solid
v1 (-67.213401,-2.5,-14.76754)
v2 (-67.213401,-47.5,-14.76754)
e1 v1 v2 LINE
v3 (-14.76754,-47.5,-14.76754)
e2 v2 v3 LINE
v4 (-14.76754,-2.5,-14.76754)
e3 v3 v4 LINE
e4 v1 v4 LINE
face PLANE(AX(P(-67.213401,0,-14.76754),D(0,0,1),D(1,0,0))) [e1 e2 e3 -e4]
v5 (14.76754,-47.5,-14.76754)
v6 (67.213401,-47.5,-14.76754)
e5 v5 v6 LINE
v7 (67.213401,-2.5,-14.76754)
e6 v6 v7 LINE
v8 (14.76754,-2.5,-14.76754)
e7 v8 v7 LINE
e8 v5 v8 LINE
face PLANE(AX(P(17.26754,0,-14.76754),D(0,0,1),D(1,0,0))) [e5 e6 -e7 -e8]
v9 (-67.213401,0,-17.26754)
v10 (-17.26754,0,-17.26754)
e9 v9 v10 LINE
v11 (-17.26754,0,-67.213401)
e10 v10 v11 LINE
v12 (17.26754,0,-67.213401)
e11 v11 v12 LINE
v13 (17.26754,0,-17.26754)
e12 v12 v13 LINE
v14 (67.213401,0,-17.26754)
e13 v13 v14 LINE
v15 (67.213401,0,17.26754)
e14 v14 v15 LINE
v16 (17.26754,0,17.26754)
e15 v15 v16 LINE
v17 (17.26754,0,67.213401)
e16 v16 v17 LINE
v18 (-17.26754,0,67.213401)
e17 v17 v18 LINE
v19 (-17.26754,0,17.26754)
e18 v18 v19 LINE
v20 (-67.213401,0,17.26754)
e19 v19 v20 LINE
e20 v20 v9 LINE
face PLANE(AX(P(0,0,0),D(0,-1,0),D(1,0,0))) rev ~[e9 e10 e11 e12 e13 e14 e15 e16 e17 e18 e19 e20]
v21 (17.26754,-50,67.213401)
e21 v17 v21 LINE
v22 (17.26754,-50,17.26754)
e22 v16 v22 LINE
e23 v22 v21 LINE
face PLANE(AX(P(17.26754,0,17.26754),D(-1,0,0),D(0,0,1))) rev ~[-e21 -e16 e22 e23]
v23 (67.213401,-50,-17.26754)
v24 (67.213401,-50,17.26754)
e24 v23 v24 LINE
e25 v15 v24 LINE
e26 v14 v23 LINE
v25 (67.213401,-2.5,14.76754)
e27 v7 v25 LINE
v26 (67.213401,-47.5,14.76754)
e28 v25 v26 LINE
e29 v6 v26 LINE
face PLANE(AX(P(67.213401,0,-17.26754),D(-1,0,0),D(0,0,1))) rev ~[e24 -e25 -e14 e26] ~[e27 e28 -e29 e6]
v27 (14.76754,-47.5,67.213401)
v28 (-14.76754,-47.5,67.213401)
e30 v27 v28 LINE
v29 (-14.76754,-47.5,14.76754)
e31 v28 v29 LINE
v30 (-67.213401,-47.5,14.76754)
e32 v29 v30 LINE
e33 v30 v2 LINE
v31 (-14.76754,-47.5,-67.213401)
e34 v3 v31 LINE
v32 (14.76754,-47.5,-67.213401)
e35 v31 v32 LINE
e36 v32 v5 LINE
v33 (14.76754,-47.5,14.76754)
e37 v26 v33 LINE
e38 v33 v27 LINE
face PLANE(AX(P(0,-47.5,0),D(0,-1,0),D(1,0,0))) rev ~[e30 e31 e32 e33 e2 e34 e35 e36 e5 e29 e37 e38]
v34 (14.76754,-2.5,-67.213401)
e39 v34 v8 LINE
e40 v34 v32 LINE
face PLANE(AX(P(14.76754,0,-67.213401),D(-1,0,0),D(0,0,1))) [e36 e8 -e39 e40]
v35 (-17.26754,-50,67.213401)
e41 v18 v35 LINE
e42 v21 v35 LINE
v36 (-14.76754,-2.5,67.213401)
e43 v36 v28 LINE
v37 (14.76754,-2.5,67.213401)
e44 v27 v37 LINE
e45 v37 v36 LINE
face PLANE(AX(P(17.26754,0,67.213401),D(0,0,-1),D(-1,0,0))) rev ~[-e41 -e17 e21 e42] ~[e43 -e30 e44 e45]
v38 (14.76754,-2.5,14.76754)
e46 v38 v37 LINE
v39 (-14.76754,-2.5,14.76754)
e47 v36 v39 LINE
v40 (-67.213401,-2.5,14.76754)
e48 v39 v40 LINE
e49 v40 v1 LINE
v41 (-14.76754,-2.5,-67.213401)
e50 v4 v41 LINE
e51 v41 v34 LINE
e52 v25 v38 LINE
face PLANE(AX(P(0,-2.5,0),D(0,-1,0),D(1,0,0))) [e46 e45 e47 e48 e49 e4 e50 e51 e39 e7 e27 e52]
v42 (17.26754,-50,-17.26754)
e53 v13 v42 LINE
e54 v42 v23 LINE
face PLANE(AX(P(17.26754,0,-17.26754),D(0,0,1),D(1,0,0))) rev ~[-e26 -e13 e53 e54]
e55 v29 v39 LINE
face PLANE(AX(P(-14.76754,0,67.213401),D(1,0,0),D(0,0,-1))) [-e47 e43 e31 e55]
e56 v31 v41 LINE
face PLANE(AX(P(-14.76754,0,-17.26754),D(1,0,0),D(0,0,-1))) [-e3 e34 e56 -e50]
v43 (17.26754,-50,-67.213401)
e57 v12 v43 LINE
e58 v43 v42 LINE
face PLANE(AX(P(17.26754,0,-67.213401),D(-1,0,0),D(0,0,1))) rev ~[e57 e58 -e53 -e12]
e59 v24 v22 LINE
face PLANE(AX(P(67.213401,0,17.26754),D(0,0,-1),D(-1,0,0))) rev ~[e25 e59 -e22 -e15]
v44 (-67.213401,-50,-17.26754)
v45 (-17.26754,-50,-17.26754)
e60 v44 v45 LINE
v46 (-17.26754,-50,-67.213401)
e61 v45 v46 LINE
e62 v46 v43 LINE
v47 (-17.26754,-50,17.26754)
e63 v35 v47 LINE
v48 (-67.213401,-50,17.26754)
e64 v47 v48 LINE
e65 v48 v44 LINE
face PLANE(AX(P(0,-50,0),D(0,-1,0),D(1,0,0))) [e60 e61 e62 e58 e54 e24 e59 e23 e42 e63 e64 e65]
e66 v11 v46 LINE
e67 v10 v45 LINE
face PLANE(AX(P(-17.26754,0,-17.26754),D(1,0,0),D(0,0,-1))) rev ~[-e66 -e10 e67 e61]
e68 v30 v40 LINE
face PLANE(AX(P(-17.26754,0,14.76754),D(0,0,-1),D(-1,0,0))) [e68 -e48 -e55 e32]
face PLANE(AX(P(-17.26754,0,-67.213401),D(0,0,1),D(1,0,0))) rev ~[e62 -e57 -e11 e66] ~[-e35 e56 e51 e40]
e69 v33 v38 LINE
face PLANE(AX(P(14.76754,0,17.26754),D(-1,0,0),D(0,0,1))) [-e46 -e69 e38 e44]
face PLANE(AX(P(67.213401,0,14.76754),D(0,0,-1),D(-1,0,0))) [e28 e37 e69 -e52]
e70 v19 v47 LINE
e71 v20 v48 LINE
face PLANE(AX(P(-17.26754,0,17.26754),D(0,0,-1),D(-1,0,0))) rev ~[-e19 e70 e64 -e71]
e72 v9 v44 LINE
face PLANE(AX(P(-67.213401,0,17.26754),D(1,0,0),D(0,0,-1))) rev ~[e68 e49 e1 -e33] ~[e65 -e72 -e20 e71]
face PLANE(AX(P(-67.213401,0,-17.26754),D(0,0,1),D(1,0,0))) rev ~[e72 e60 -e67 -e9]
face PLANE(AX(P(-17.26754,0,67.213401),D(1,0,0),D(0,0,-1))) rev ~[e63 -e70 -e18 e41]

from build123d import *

# Parameters (mm, degrees)
F1_DEPTH = 50
F2_T     = -2.5


with BuildPart() as f1:
    # F0 (on Front) → F1 (new body)
    with BuildSketch(Plane.XZ):
        Polygon((17.2675400972, 67.2134011984), (0, 67.2134011984), (-17.2675400972, 67.2134011984), (-17.2675400972, 17.2675400972), (-67.2134011984, 17.2675400972), (-67.2134011984, 0), (-67.2134011984, -17.2675400972), (-17.2675400972, -17.2675400972), (-17.2675400972, -67.2134011984), (0, -67.2134011984), (17.2675400972, -67.2134011984), (17.2675400972, -17.2675400972), (67.2134011984, -17.2675400972), (67.2134011984, 0), (67.2134011984, 17.2675400972), (17.2675400972, 17.2675400972), align=None)
    extrude(amount=F1_DEPTH)

    # F2
    f2_openings = [f1.faces().sort_by_distance(p)[0] for p in [
        (67.213401, -25, 0),
        (0, -25, 67.213401),
        (-67.213401, -25, 0),
        (0, -25, -67.213401),
    ]]
    offset(amount=F2_T, openings=f2_openings, kind=Kind.INTERSECTION)


solid = f1.part
